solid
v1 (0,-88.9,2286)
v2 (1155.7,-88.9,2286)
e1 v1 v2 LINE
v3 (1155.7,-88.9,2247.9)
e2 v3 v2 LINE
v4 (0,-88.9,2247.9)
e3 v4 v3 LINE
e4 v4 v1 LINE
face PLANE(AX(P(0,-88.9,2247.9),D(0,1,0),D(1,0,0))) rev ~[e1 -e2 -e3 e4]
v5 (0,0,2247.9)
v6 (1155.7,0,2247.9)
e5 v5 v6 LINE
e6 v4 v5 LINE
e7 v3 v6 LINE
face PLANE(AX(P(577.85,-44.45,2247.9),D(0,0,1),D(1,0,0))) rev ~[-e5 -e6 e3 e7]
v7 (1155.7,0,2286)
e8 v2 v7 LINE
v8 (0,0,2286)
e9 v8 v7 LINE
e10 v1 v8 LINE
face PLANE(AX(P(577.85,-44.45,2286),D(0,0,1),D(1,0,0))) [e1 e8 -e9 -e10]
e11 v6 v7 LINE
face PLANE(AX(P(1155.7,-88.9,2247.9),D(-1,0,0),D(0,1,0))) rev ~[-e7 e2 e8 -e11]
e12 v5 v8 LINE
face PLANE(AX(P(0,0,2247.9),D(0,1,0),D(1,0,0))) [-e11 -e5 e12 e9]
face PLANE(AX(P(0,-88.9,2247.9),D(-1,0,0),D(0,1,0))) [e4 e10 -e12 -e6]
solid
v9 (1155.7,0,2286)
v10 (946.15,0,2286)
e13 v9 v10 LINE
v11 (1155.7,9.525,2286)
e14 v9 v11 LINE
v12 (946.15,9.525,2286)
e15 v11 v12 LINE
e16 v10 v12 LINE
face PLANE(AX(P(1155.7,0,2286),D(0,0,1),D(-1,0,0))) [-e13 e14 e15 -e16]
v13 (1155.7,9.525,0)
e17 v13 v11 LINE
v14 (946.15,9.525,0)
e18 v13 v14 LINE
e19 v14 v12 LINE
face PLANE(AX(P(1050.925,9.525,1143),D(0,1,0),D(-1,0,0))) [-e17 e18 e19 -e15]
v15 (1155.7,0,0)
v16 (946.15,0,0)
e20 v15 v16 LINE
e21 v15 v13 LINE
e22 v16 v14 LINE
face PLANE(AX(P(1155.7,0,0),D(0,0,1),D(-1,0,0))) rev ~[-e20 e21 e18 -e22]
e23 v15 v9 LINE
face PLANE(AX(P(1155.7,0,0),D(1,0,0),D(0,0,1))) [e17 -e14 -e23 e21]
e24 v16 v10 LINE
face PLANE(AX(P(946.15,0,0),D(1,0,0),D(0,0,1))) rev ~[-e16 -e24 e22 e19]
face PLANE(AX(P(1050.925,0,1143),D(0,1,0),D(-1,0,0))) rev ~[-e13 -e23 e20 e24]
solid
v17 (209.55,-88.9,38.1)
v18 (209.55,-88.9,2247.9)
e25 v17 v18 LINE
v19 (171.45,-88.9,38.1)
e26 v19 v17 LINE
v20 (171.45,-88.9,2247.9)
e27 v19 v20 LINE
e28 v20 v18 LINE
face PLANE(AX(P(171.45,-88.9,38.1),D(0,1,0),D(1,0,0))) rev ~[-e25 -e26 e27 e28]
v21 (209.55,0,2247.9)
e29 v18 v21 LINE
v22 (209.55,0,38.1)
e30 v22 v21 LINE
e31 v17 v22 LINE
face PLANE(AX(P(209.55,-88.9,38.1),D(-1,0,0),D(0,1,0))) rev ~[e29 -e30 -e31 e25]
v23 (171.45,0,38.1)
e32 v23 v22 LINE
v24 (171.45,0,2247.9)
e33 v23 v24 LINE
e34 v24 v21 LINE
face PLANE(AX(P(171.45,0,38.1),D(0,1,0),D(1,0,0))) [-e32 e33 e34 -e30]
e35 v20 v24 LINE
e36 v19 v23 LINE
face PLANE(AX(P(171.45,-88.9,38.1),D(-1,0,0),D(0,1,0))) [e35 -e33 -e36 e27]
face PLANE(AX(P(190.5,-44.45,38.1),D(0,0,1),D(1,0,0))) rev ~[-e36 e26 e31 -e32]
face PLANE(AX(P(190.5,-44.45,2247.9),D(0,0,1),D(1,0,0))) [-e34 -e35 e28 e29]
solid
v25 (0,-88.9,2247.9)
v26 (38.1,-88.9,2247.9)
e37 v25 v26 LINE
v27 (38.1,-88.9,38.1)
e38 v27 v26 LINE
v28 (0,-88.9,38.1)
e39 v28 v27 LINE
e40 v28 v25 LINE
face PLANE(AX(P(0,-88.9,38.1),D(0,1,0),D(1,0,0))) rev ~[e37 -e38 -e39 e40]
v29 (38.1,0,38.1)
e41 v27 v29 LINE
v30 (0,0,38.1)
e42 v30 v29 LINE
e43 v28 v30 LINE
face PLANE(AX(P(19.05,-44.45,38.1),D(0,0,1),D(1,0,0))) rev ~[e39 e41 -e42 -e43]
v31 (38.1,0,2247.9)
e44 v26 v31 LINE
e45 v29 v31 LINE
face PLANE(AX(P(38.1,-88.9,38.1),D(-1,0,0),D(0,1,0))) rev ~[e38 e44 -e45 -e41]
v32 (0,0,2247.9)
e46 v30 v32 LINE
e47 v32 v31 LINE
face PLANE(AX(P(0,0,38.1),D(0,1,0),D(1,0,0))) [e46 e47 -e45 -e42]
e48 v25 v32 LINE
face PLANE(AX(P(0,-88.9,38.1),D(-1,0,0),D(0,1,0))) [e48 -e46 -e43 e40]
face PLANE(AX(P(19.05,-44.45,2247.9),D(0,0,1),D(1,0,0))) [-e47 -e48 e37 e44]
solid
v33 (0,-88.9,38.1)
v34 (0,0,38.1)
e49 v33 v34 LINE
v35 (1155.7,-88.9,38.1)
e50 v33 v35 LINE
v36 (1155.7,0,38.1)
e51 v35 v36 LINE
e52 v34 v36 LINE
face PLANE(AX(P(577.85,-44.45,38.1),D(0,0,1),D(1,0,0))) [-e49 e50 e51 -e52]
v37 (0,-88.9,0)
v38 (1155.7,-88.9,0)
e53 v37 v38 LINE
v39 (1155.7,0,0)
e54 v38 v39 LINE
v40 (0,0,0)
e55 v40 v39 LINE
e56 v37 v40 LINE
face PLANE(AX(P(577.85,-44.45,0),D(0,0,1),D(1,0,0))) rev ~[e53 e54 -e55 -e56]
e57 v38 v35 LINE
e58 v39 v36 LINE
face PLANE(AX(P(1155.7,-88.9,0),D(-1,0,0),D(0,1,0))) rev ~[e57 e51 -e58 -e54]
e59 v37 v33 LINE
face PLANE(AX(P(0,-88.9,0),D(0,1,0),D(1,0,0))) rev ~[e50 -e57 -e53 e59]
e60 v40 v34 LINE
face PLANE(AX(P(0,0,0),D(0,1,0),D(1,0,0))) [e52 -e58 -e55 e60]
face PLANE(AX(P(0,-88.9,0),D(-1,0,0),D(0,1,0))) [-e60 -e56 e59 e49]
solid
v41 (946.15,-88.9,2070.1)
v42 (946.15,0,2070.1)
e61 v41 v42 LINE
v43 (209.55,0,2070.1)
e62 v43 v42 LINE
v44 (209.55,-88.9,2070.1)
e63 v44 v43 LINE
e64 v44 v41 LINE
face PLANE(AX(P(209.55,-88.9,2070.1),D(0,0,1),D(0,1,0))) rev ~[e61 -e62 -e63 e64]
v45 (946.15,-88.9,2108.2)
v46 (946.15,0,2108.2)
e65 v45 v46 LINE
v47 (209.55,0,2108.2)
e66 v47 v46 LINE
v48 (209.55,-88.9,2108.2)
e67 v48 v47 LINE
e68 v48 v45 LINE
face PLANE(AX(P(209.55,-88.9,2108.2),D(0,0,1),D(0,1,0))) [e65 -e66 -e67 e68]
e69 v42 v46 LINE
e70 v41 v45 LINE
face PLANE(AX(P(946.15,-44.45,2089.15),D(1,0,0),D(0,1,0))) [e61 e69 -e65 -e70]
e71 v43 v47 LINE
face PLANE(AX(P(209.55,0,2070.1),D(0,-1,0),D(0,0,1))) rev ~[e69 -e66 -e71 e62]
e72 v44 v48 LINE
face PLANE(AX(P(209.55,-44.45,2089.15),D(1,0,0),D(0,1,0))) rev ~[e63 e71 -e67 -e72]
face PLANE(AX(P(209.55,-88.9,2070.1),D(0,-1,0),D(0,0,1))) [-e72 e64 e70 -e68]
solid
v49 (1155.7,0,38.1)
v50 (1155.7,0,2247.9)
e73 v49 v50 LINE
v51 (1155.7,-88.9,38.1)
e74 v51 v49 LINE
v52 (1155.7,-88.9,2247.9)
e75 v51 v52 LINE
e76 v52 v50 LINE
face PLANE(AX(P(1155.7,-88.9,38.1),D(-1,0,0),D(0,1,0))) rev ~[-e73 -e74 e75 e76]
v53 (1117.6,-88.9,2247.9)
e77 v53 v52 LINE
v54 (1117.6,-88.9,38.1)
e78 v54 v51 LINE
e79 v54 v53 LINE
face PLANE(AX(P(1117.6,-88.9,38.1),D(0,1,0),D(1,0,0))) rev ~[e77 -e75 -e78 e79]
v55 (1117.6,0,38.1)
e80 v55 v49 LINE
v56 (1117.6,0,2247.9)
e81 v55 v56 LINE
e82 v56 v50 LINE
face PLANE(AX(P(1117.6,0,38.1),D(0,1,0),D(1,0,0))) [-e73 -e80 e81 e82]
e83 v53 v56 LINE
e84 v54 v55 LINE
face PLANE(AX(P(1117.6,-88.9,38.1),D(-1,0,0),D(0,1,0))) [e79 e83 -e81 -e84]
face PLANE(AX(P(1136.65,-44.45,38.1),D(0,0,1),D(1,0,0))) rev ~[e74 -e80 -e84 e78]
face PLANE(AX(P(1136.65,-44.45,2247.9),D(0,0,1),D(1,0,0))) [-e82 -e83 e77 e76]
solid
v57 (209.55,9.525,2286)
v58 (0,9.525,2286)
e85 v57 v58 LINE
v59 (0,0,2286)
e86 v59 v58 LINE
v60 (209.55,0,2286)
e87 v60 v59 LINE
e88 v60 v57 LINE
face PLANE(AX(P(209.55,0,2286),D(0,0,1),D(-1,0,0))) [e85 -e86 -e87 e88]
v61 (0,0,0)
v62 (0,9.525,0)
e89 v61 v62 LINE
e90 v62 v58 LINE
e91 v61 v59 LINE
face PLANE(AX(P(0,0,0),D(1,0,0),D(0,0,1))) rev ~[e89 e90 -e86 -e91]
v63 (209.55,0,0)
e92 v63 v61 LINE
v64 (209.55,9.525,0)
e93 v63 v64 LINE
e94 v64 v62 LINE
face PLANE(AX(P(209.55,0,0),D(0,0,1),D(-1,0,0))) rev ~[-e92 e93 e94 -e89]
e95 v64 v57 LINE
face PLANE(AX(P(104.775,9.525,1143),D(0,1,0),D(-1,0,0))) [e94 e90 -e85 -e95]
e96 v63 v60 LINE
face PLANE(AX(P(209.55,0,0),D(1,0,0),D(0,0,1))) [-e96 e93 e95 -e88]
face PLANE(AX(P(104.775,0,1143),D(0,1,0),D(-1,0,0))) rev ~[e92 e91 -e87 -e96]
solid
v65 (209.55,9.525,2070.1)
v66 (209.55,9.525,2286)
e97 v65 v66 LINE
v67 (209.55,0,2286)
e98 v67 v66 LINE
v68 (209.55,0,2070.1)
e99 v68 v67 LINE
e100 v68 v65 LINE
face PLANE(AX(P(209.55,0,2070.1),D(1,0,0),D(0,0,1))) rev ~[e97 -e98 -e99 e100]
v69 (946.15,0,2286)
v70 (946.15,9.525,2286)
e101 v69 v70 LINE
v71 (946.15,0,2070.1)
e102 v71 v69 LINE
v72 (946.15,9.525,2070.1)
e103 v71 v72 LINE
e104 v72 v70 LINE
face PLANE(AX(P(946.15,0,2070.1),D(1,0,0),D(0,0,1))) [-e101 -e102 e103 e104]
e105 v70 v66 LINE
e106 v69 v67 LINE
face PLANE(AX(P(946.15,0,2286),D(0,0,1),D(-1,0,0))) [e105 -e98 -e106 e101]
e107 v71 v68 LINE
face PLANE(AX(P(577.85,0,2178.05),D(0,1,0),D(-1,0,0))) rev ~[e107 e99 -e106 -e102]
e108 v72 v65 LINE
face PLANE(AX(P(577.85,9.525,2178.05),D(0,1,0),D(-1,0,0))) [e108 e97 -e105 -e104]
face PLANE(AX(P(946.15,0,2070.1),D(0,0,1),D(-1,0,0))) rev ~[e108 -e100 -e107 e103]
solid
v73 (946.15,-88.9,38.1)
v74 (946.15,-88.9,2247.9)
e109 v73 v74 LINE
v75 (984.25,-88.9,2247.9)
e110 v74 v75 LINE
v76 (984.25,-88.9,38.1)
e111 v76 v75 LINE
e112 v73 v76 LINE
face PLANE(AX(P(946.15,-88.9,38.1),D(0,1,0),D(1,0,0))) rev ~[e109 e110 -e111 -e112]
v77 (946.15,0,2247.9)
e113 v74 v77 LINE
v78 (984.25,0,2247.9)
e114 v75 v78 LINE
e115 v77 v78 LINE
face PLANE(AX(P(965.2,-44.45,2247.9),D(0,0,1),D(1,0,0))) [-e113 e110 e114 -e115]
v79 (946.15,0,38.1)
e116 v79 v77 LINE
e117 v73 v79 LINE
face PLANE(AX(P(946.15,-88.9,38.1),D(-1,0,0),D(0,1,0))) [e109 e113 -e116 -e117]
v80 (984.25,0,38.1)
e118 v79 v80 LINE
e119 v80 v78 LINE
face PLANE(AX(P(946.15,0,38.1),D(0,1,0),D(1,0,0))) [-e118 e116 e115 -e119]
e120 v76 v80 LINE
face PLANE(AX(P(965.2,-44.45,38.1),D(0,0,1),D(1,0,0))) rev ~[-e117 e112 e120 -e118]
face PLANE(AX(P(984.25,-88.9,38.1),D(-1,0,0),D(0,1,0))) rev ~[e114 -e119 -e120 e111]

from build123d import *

# Parameters (mm, degrees)
F0_W      = 1155.7
F0_H      = 88.9
F1_DEPTH  = 38.1
F2_W      = 38.1
F2_H      = 88.9
F3_DEPTH  = 2209.8
F4_W      = 1155.7
F4_H      = 88.9
F5_DEPTH  = 38.1
F6_W      = 88.9
F6_H      = 38.1
F7_DEPTH  = 736.6
F8_W      = 209.55
F8_H      = 2286
F9_DEPTH  = 9.525
F10_W     = 736.6
F10_H     = 215.9
F11_DEPTH = 9.525


with BuildPart() as f1:
    # F0 (on Top) → F1 (new body)
    with BuildSketch(Plane.XY):
        with Locations((577.85, -44.45)):
            Rectangle(F0_W, F0_H)
    extrude(amount=F1_DEPTH)


with BuildPart() as f3:
    # F2 (on face) → F3 (new body)
    with BuildSketch(Plane.XY.offset(38.1)):
        with Locations((19.05, -44.45)):
            Rectangle(F2_W, F2_H)
    extrude(amount=F3_DEPTH)


with BuildPart() as f3b:
    # F2 (on face) → F3, piece 2 (new body)
    with BuildSketch(Plane.XY.offset(38.1)):
        with Locations((1136.65, -44.45)):
            Rectangle(F2_W, F2_H)
    extrude(amount=F3_DEPTH)


with BuildPart() as f3c:
    # F2 (on face) → F3, piece 3 (new body)
    with BuildSketch(Plane.XY.offset(38.1)):
        with Locations((190.5, -44.45)):
            Rectangle(F2_W, F2_H)
    extrude(amount=F3_DEPTH)


with BuildPart() as f3d:
    # F2 (on face) → F3, piece 4 (new body)
    with BuildSketch(Plane.XY.offset(38.1)):
        with Locations((965.2, -44.45)):
            Rectangle(F2_W, F2_H)
    extrude(amount=F3_DEPTH)


with BuildPart() as f5:
    # F4 (on face) → F5 (new body)
    with BuildSketch(Plane.XY.offset(2247.9)):
        with Locations((577.85, -44.45)):
            Rectangle(F4_W, F4_H)
    extrude(amount=F5_DEPTH)


with BuildPart() as f7:
    # F6 (on face) → F7 (new body)
    with BuildSketch(Plane.YZ.offset(209.55)):
        with Locations((-44.45, 2089.15)):
            Rectangle(F6_W, F6_H)
    extrude(amount=F7_DEPTH)


with BuildPart() as f9:
    # F8 (on face) → F9 (new body)
    with BuildSketch(Plane(origin=(0, 0, 0), x_dir=(-1, 0, 0), z_dir=(0, 1, 0))):
        with Locations((-1050.925, 1143)):
            Rectangle(F8_W, F8_H)
    extrude(amount=F9_DEPTH)


with BuildPart() as f9b:
    # F8 (on face) → F9, piece 2 (new body)
    with BuildSketch(Plane(origin=(0, 0, 0), x_dir=(-1, 0, 0), z_dir=(0, 1, 0))):
        with Locations((-104.775, 1143)):
            Rectangle(F8_W, F8_H)
    extrude(amount=F9_DEPTH)


with BuildPart() as f11:
    # F10 (on face) → F11 (new body)
    with BuildSketch(Plane(origin=(0, 0, 0), x_dir=(-1, 0, 0), z_dir=(0, 1, 0))):
        with Locations((-577.85, 2178.05)):
            Rectangle(F10_W, F10_H)
    extrude(amount=F11_DEPTH)


solid = Compound([f1.part, f3.part, f3b.part, f3c.part, f3d.part, f5.part, f7.part, f9.part, f9b.part, f11.part])
